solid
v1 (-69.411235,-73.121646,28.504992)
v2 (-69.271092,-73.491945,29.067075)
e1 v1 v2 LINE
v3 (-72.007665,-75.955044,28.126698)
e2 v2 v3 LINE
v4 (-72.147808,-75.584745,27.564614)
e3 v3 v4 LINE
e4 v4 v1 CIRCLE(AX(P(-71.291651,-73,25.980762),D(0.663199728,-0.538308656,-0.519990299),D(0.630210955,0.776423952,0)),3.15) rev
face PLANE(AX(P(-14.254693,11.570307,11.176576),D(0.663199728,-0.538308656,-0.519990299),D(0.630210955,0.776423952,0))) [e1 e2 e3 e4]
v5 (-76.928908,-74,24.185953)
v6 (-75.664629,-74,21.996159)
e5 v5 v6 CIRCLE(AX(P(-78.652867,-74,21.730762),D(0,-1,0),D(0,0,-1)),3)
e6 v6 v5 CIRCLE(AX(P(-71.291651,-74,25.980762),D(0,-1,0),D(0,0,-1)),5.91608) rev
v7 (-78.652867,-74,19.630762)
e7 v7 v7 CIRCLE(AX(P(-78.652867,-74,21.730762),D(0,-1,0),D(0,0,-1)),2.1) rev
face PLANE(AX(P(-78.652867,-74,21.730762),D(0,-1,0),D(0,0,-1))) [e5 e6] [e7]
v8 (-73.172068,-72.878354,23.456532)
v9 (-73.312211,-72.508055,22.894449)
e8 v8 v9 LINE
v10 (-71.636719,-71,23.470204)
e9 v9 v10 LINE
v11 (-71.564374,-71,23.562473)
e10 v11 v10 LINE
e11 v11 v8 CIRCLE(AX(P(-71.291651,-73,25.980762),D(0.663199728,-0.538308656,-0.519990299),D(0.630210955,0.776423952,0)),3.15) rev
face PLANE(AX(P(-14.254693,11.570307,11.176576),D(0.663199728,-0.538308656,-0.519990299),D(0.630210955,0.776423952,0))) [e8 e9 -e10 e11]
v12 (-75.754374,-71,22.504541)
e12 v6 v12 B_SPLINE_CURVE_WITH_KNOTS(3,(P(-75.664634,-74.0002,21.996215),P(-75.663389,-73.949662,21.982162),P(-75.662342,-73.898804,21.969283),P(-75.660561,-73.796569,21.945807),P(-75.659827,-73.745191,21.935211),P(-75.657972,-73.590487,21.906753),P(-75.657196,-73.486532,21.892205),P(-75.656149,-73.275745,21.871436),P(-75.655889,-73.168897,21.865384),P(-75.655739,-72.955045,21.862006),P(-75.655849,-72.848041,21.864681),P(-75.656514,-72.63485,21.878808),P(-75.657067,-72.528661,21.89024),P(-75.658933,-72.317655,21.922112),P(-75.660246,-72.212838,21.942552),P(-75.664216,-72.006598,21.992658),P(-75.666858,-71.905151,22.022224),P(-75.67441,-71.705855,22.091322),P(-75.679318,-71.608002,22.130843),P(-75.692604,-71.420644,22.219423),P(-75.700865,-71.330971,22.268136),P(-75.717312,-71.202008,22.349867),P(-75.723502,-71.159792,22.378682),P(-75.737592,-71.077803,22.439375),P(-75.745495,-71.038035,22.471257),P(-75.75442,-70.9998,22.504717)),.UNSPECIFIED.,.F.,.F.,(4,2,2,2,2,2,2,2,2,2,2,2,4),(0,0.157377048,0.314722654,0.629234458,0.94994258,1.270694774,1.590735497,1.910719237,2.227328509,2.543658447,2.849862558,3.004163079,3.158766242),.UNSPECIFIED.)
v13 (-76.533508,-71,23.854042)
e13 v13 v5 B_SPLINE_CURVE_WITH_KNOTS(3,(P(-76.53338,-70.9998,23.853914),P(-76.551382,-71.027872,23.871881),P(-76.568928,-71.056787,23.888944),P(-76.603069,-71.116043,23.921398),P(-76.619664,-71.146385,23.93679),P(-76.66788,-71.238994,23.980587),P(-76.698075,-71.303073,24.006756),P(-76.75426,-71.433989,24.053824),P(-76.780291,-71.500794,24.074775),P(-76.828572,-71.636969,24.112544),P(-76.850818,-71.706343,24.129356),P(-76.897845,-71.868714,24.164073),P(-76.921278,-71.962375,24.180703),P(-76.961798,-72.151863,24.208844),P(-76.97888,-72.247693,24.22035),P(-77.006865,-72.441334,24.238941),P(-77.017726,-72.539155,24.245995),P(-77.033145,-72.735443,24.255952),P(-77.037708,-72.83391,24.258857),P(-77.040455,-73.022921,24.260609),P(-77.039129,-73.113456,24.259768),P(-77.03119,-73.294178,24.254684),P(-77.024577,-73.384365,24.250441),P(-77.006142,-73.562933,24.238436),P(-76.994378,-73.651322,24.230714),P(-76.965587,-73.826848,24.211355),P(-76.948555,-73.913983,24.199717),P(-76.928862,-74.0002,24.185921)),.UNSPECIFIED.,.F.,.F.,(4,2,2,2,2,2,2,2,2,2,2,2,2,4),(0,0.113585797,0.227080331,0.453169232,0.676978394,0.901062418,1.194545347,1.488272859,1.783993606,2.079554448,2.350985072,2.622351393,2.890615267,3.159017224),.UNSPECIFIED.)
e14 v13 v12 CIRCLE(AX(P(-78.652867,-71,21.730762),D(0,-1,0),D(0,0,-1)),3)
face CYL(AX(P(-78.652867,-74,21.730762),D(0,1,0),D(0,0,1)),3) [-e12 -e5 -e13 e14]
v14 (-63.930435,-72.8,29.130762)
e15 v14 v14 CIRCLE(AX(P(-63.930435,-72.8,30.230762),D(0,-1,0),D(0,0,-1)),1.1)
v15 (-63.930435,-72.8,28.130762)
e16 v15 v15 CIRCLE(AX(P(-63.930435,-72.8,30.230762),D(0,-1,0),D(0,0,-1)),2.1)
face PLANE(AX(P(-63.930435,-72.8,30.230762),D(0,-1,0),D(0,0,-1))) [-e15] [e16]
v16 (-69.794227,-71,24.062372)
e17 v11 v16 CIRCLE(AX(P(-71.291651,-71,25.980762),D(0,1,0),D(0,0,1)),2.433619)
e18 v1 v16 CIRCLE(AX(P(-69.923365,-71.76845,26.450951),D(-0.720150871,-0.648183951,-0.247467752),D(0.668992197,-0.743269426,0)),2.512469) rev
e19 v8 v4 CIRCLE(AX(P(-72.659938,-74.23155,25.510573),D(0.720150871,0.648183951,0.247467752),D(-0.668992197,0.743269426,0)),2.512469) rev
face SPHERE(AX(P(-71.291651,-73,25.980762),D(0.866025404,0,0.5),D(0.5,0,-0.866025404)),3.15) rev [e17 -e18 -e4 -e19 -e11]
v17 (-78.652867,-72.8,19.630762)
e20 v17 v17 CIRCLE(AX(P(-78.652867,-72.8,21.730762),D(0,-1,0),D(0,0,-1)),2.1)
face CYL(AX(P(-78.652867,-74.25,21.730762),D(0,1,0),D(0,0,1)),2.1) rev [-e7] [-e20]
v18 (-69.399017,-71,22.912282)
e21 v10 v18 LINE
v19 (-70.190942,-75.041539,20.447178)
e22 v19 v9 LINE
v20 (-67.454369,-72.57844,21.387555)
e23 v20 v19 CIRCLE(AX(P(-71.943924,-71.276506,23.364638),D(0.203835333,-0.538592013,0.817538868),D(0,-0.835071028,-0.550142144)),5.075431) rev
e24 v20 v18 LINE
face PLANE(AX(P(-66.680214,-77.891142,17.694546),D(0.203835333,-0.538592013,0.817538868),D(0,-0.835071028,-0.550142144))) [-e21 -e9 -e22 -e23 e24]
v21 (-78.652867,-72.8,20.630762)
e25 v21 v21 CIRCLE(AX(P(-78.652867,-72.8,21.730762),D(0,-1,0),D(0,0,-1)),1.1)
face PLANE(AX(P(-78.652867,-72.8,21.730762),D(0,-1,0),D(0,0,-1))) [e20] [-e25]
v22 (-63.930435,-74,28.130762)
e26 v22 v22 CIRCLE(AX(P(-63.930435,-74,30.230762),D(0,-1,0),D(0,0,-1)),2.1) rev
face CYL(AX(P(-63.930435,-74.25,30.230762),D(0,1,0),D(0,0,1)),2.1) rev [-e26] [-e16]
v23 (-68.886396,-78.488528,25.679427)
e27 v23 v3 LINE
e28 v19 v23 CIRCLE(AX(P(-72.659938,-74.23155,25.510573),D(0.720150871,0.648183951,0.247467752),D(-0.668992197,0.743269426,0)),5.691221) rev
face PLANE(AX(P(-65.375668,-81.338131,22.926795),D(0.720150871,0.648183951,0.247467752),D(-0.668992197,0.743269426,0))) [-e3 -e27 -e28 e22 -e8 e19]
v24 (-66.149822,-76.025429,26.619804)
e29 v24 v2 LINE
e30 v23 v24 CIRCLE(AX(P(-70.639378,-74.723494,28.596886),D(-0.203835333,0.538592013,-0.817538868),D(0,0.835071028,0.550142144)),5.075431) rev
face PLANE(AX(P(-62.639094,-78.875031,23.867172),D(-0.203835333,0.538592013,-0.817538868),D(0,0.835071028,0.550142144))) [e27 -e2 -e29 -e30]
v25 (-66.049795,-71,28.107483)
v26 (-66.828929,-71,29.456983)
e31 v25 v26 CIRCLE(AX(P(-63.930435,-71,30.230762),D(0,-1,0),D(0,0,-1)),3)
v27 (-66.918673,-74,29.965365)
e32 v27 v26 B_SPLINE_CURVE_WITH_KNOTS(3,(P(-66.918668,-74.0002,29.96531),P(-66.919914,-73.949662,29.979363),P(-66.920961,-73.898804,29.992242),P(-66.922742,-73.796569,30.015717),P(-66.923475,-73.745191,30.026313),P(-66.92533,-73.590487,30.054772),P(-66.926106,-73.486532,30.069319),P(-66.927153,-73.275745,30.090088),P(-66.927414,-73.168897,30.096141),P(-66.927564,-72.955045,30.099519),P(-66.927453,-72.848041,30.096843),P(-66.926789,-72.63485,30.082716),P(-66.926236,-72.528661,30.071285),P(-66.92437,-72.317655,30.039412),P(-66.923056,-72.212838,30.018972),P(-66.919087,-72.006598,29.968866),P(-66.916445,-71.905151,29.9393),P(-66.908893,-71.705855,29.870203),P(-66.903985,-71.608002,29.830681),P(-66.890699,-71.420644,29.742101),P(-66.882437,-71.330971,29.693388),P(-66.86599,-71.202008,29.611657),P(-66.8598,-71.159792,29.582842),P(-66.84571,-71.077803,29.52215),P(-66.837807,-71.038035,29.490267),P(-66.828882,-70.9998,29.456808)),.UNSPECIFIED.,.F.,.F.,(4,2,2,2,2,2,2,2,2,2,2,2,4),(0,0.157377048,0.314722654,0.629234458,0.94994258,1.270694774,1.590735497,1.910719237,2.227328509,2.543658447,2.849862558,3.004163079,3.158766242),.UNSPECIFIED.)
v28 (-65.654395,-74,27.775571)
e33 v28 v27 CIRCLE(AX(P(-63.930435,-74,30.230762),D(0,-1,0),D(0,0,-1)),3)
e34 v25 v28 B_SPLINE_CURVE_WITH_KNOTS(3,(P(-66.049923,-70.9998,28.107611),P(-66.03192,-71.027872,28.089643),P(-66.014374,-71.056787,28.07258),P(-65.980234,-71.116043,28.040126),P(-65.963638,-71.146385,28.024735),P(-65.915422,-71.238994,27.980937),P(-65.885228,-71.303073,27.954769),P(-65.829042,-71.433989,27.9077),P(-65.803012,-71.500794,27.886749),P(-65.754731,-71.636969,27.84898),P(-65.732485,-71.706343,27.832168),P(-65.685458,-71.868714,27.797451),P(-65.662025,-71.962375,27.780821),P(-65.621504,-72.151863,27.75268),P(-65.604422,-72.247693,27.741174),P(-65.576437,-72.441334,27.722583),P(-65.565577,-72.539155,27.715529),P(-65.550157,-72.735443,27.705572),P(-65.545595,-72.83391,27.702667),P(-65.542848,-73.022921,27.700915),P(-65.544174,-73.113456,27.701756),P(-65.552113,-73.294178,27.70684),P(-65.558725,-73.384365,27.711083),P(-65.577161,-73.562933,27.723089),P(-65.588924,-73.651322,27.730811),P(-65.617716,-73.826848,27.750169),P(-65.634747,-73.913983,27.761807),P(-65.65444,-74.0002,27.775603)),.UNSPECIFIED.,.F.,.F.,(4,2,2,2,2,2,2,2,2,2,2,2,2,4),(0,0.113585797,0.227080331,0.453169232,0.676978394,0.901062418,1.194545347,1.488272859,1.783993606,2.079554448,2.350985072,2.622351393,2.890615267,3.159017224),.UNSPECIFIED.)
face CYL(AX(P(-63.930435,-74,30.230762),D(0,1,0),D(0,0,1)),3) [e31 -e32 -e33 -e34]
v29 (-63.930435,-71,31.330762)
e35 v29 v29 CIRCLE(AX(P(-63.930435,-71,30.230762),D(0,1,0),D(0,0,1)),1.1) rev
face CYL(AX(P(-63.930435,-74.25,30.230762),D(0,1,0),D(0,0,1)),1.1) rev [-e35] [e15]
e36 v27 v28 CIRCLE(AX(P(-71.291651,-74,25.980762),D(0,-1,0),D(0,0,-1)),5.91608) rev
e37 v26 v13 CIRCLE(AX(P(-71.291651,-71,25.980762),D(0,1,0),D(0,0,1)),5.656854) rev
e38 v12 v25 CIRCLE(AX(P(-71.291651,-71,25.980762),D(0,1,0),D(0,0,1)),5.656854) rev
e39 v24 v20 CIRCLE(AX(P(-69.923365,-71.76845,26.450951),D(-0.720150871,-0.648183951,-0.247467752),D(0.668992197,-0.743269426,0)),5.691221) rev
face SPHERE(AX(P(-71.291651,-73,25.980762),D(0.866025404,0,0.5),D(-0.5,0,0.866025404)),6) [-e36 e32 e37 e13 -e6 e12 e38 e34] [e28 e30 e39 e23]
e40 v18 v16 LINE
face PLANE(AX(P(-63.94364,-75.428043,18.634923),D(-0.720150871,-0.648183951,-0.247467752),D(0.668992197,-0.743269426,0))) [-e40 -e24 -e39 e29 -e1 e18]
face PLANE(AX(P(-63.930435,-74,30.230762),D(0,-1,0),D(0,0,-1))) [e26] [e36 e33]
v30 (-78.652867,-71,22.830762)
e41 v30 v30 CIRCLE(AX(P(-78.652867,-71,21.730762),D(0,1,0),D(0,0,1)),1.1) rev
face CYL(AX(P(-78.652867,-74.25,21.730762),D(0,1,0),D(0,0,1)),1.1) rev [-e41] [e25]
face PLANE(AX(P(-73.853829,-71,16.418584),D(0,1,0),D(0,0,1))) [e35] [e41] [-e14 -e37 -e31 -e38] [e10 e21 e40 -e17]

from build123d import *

# Parameters (mm, degrees)
DOME_TRIM_SKETCH_W           = 13.999999999999993
DOME_TRIM_SKETCH_H           = 5.000000000000014
DOME_TRIM_DEPTH              = 14
RETAINER_FEATURE_3_PROFILE_R = 3.0000000000000027
RETAINER_FEATURE_3_DEPTH     = 3
RETAINER_FEATURE_4_PROFILE_R = 3.0000000000000027
RETAINER_FEATURE_4_DEPTH     = 3
RETAINER_FEATURE_6_PROFILE_R = 1.1000000000000036
RETAINER_FEATURE_6_DEPTH     = 4.25
RETAINER_FEATURE_7_PROFILE_R = 2.1000000000000045
RETAINER_FEATURE_7_DEPTH     = 1.45
RETAINER_FEATURE_8_PROFILE_R = 1.1000000000000036
RETAINER_FEATURE_8_DEPTH     = 4.25
RETAINER_FEATURE_9_PROFILE_R = 2.1000000000000045
RETAINER_FEATURE_9_DEPTH     = 1.45
RETAINER_FEATURE_12_DEPTH    = 10


with BuildPart() as part:
    # Retainer Dome Sketch → Retainer Dome (revolve)
    with BuildSketch(Plane(origin=(0, -73, 0), x_dir=(-1, 0, 0), z_dir=(0, -1, 0))):
        with BuildLine():
            Line((76.48780366869515, -22.98076211353316), (66.09549882328189, -28.980762113533164))
            ThreePointArc((66.09549882328189, -28.980762113533164), (74.29165124598852, -31.176914536239792), (76.48780366869515, -22.98076211353316))
        make_face()
    revolve(axis=Axis((-62.63139720814413, -73, 30.98076211353316), (-0.8660254037844387, 0, -0.49999999999999994)))

    # Dome Trim Sketch → Dome Trim (cut)
    with BuildSketch(Plane(origin=(-36.156560608000376, 0, -20.874999999999996), x_dir=(-0.49999999999999944, 0, 0.866025403784439), z_dir=(-0.866025403784439, 0, -0.49999999999999944))):
        with Locations((58.145825622994224, -68.5)):
            Rectangle(DOME_TRIM_SKETCH_W, DOME_TRIM_SKETCH_H)
    extrude(amount=DOME_TRIM_DEPTH, mode=Mode.SUBTRACT)

    # Retainer Feature 3 profile → Retainer Feature 3 (add)
    with BuildSketch(Plane(origin=(0, -71.00000000000001, 0), x_dir=(-1, 0, 0), z_dir=(0, -1, 0))):
        with Locations((63.93043531382078, -30.23076211353316)):
            Circle(RETAINER_FEATURE_3_PROFILE_R)
    extrude(amount=RETAINER_FEATURE_3_DEPTH)

    # Retainer Feature 4 profile → Retainer Feature 4 (add)
    with BuildSketch(Plane(origin=(0, -71.00000000000001, 0), x_dir=(-1, 0, 0), z_dir=(0, -1, 0))):
        with Locations((78.65286717815624, -21.73076211353316)):
            Circle(RETAINER_FEATURE_4_PROFILE_R)
    extrude(amount=RETAINER_FEATURE_4_DEPTH)

    # Spherical Seat Sketch → Spherical Seat (revolve, cut)
    with BuildSketch(Plane(origin=(0, -73, 0), x_dir=(-1, 0, 0), z_dir=(0, -1, 0))):
        with BuildLine():
            Line((74.0196312679095, -24.405762113533164), (68.56367122406753, -27.55576211353316))
            ThreePointArc((68.56367122406753, -27.55576211353316), (72.86665124598852, -28.708742135454145), (74.0196312679095, -24.405762113533164))
        make_face()
    revolve(axis=Axis((-62.63139720814413, -73, 30.98076211353316), (-0.8660254037844387, 0, -0.49999999999999994)), mode=Mode.SUBTRACT)

    # Retainer Feature 6 profile → Retainer Feature 6 (cut)
    with BuildSketch(Plane(origin=(0, -70, 0), x_dir=(-1, 0, 0), z_dir=(0, -1, 0))):
        with Locations(Location((63.93043531382078, -30.23076211353316, 0), (0, 0, 270))):
            Circle(RETAINER_FEATURE_6_PROFILE_R)
    extrude(amount=RETAINER_FEATURE_6_DEPTH, mode=Mode.SUBTRACT)

    # Retainer Feature 7 profile → Retainer Feature 7 (cut)
    with BuildSketch(Plane(origin=(0, -72.8, 0), x_dir=(-1, 0, 0), z_dir=(0, -1, 0))):
        with Locations(Location((63.93043531382078, -30.23076211353316, 0), (0, 0, 90))):
            Circle(RETAINER_FEATURE_7_PROFILE_R)
    extrude(amount=RETAINER_FEATURE_7_DEPTH, mode=Mode.SUBTRACT)

    # Retainer Feature 8 profile → Retainer Feature 8 (cut)
    with BuildSketch(Plane(origin=(0, -70, 0), x_dir=(-1, 0, 0), z_dir=(0, -1, 0))):
        with Locations(Location((78.65286717815624, -21.73076211353316, 0), (0, 0, 270))):
            Circle(RETAINER_FEATURE_8_PROFILE_R)
    extrude(amount=RETAINER_FEATURE_8_DEPTH, mode=Mode.SUBTRACT)

    # Retainer Feature 9 profile → Retainer Feature 9 (cut)
    with BuildSketch(Plane(origin=(0, -72.8, 0), x_dir=(-1, 0, 0), z_dir=(0, -1, 0))):
        with Locations(Location((78.65286717815624, -21.73076211353316, 0), (0, 0, 90))):
            Circle(RETAINER_FEATURE_9_PROFILE_R)
    extrude(amount=RETAINER_FEATURE_9_DEPTH, mode=Mode.SUBTRACT)

    # Middle Right Fixed Compression Ball Reta → Retainer Feature 12 (cut)
    with BuildSketch(Plane(origin=(-14.254693004611807, 11.570307263062046, 11.176575862570408), x_dir=(-0.403732922701292, 0.3277035826977628, -0.854172165909264), z_dir=(0.6631997284167644, -0.5383086561091629, -0.5199902989343905))):
        Polygon((-14.819319931758496, -98.86212155097724), (-20.944840012243684, -100.71630701731351), (-19.843917391606514, -104.3533345651016), (-13.718397311121315, -102.49914909876533), align=None)
    extrude(amount=RETAINER_FEATURE_12_DEPTH, mode=Mode.SUBTRACT)


solid = part.part
